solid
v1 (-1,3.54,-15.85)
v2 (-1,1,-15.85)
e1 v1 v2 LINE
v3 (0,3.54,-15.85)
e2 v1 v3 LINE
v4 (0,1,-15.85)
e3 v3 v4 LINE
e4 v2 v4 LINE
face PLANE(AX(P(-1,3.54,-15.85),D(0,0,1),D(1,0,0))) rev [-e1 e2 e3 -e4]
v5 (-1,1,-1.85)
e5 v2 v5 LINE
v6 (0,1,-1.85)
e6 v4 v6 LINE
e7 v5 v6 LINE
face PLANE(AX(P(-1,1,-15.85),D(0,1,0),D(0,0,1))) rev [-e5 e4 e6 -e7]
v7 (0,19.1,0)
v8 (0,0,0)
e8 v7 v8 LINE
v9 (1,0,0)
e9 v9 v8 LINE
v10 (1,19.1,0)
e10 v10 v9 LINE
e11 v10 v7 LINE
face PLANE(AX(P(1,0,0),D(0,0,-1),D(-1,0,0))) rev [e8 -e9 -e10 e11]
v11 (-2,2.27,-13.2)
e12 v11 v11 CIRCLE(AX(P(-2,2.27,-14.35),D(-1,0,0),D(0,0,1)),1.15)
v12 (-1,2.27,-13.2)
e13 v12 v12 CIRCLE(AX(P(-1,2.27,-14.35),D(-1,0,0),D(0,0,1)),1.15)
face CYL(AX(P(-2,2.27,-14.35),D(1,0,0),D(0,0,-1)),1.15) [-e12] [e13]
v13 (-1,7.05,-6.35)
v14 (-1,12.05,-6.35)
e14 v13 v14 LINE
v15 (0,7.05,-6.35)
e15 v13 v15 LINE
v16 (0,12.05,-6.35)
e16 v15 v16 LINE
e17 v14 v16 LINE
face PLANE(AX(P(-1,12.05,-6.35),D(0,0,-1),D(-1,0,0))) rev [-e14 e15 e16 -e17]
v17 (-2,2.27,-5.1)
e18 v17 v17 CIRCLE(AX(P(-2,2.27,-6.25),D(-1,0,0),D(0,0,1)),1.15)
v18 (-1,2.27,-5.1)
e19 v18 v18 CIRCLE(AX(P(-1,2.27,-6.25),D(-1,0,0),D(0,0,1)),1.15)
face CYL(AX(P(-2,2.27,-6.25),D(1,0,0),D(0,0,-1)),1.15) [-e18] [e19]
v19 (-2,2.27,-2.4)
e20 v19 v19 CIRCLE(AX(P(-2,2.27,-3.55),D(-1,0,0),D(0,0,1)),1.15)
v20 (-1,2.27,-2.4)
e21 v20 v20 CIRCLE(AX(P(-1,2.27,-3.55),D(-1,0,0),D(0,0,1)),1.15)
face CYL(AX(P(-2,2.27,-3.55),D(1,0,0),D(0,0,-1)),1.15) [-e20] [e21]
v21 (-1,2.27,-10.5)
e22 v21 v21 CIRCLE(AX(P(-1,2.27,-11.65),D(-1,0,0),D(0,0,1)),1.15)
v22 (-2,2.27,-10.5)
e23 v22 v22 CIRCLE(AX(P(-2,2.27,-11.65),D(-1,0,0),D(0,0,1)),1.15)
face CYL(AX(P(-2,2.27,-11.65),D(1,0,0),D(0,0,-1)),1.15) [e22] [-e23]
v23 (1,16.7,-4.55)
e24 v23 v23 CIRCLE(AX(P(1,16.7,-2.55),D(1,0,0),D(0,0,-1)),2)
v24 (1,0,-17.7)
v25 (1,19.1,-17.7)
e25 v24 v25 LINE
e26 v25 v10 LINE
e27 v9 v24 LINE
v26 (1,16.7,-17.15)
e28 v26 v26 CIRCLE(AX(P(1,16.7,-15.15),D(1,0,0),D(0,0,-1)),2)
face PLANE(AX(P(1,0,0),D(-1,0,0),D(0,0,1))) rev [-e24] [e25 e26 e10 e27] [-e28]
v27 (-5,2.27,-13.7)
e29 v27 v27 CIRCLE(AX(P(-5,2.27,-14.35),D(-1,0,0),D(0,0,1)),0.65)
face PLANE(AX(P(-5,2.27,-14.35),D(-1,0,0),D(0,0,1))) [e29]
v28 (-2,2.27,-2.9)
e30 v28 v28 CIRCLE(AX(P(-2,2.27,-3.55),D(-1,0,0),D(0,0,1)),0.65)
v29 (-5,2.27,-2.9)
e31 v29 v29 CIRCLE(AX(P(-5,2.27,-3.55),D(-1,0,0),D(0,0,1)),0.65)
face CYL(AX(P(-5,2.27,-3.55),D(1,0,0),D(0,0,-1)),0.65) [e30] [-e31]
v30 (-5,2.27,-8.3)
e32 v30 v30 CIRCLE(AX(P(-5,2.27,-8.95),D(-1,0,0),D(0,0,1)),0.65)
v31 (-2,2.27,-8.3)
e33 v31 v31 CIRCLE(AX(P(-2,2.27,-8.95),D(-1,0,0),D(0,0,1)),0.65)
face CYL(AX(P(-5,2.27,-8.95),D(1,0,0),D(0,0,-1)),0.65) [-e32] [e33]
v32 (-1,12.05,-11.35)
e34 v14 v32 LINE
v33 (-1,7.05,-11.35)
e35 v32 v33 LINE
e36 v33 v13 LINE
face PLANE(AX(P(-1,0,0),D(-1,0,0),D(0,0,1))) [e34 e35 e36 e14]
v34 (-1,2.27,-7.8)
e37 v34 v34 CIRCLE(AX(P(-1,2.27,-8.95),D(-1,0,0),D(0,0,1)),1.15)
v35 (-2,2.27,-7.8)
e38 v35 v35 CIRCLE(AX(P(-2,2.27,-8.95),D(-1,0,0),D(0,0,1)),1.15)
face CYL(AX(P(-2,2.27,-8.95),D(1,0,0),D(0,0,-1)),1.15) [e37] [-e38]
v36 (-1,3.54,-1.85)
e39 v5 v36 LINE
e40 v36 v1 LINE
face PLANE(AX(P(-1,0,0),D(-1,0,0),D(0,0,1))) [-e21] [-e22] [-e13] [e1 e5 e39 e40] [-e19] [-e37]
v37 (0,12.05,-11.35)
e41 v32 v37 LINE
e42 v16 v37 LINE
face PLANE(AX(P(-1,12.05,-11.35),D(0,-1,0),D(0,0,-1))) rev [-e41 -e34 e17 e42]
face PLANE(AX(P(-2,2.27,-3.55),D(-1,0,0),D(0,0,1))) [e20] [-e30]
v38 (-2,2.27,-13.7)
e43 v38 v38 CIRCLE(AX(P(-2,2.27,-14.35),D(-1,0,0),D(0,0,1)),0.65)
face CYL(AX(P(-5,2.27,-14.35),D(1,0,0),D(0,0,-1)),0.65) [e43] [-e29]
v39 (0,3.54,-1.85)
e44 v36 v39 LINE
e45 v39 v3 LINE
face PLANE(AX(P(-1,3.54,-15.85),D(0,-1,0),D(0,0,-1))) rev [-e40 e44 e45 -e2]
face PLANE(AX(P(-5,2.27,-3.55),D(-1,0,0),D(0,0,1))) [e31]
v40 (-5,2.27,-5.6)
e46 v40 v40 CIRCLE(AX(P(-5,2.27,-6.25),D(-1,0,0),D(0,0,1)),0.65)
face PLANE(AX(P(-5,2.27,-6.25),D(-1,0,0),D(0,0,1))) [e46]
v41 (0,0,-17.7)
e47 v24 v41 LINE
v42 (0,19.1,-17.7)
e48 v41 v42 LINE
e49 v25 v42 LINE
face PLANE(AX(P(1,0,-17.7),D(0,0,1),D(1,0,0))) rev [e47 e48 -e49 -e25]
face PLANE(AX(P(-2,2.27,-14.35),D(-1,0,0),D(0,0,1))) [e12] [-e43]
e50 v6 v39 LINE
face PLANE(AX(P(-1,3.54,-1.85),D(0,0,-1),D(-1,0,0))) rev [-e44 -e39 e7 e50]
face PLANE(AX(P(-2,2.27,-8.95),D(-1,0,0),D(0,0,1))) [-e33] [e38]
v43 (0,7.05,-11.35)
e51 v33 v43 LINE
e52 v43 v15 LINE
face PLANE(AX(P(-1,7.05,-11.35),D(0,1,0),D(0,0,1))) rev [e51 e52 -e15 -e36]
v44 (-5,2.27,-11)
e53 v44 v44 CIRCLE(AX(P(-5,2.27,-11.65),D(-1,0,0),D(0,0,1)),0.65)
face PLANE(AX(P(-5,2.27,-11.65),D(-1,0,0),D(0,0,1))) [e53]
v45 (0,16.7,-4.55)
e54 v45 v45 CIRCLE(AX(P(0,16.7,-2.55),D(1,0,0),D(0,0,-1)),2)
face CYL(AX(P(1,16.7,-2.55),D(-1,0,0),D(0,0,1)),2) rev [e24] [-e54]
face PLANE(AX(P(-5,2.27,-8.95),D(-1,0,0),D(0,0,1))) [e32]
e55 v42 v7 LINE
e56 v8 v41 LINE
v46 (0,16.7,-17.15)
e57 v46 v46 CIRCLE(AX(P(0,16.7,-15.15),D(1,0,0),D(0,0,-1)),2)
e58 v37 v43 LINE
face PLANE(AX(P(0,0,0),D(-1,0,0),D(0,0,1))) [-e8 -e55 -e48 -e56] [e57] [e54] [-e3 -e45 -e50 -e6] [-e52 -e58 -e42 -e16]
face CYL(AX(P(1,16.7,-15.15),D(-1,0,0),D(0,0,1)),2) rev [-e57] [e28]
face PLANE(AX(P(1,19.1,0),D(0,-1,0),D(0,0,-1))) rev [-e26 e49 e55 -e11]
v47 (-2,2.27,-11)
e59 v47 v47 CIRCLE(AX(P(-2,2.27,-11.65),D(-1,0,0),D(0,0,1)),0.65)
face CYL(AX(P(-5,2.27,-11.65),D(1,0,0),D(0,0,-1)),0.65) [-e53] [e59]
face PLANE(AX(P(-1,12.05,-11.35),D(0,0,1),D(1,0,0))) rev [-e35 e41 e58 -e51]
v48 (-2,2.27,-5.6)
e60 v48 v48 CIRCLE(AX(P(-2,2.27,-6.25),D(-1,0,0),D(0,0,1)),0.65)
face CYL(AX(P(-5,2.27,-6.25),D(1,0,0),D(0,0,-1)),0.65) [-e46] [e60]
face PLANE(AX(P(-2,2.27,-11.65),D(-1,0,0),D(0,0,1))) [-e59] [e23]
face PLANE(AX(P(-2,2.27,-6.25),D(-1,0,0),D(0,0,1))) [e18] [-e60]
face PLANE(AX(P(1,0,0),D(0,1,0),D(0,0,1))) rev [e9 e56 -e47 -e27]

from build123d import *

# Parameters (mm, degrees)
SKETCH1_W           = 17.7
SKETCH1_H           = 19.1
SKETCH1_R           = 2
BOSS_EXTRUDE1_DEPTH = 1
SKETCH2_W           = 14
SKETCH2_H           = 2.54
SKETCH2_W_2         = 5
SKETCH2_H_2         = 5
BOSS_EXTRUDE2_DEPTH = 1
SKETCH3_R           = 1.15
BOSS_EXTRUDE3_DEPTH = 1
SKETCH4_R           = 0.65
BOSS_EXTRUDE4_DEPTH = 3


with BuildPart() as part:
    # Sketch1 → Boss-Extrude1 (new body)
    with BuildSketch(Plane(origin=(0, 0, 0), x_dir=(0, 0, -1), z_dir=(1, 0, 0))):
        with Locations((8.85, 9.55)):
            Rectangle(SKETCH1_W, SKETCH1_H)
        with Locations((15.15, 16.7)):
            Circle(SKETCH1_R, mode=Mode.SUBTRACT)
        with Locations((2.55, 16.7)):
            Circle(SKETCH1_R, mode=Mode.SUBTRACT)
    extrude(amount=BOSS_EXTRUDE1_DEPTH)

    # Sketch2 → Boss-Extrude2 (add)
    with BuildSketch(Plane.ZY):
        with Locations((-8.85, 2.27)):
            Rectangle(SKETCH2_W, SKETCH2_H)
        with Locations((-8.85, 9.55)):
            Rectangle(SKETCH2_W_2, SKETCH2_H_2)
    extrude(amount=BOSS_EXTRUDE2_DEPTH)

    # Sketch3 → Boss-Extrude3 (add)
    with BuildSketch(Plane.ZY.offset(1)):
        with Locations((-14.35, 2.27)):
            Circle(SKETCH3_R)
        with Locations((-11.65, 2.27)):
            Circle(SKETCH3_R)
        with Locations((-8.95, 2.27)):
            Circle(SKETCH3_R)
        with Locations((-6.25, 2.27)):
            Circle(SKETCH3_R)
        with Locations((-3.55, 2.27)):
            Circle(SKETCH3_R)
    extrude(amount=BOSS_EXTRUDE3_DEPTH)

    # Sketch4 → Boss-Extrude4 (add)
    with BuildSketch(Plane.ZY.offset(2)):
        with Locations((-14.35, 2.27)):
            Circle(SKETCH4_R)
        with Locations((-11.65, 2.27)):
            Circle(SKETCH4_R)
        with Locations((-8.95, 2.27)):
            Circle(SKETCH4_R)
        with Locations((-6.25, 2.27)):
            Circle(SKETCH4_R)
        with Locations((-3.55, 2.27)):
            Circle(SKETCH4_R)
    extrude(amount=BOSS_EXTRUDE4_DEPTH)


solid = part.part
